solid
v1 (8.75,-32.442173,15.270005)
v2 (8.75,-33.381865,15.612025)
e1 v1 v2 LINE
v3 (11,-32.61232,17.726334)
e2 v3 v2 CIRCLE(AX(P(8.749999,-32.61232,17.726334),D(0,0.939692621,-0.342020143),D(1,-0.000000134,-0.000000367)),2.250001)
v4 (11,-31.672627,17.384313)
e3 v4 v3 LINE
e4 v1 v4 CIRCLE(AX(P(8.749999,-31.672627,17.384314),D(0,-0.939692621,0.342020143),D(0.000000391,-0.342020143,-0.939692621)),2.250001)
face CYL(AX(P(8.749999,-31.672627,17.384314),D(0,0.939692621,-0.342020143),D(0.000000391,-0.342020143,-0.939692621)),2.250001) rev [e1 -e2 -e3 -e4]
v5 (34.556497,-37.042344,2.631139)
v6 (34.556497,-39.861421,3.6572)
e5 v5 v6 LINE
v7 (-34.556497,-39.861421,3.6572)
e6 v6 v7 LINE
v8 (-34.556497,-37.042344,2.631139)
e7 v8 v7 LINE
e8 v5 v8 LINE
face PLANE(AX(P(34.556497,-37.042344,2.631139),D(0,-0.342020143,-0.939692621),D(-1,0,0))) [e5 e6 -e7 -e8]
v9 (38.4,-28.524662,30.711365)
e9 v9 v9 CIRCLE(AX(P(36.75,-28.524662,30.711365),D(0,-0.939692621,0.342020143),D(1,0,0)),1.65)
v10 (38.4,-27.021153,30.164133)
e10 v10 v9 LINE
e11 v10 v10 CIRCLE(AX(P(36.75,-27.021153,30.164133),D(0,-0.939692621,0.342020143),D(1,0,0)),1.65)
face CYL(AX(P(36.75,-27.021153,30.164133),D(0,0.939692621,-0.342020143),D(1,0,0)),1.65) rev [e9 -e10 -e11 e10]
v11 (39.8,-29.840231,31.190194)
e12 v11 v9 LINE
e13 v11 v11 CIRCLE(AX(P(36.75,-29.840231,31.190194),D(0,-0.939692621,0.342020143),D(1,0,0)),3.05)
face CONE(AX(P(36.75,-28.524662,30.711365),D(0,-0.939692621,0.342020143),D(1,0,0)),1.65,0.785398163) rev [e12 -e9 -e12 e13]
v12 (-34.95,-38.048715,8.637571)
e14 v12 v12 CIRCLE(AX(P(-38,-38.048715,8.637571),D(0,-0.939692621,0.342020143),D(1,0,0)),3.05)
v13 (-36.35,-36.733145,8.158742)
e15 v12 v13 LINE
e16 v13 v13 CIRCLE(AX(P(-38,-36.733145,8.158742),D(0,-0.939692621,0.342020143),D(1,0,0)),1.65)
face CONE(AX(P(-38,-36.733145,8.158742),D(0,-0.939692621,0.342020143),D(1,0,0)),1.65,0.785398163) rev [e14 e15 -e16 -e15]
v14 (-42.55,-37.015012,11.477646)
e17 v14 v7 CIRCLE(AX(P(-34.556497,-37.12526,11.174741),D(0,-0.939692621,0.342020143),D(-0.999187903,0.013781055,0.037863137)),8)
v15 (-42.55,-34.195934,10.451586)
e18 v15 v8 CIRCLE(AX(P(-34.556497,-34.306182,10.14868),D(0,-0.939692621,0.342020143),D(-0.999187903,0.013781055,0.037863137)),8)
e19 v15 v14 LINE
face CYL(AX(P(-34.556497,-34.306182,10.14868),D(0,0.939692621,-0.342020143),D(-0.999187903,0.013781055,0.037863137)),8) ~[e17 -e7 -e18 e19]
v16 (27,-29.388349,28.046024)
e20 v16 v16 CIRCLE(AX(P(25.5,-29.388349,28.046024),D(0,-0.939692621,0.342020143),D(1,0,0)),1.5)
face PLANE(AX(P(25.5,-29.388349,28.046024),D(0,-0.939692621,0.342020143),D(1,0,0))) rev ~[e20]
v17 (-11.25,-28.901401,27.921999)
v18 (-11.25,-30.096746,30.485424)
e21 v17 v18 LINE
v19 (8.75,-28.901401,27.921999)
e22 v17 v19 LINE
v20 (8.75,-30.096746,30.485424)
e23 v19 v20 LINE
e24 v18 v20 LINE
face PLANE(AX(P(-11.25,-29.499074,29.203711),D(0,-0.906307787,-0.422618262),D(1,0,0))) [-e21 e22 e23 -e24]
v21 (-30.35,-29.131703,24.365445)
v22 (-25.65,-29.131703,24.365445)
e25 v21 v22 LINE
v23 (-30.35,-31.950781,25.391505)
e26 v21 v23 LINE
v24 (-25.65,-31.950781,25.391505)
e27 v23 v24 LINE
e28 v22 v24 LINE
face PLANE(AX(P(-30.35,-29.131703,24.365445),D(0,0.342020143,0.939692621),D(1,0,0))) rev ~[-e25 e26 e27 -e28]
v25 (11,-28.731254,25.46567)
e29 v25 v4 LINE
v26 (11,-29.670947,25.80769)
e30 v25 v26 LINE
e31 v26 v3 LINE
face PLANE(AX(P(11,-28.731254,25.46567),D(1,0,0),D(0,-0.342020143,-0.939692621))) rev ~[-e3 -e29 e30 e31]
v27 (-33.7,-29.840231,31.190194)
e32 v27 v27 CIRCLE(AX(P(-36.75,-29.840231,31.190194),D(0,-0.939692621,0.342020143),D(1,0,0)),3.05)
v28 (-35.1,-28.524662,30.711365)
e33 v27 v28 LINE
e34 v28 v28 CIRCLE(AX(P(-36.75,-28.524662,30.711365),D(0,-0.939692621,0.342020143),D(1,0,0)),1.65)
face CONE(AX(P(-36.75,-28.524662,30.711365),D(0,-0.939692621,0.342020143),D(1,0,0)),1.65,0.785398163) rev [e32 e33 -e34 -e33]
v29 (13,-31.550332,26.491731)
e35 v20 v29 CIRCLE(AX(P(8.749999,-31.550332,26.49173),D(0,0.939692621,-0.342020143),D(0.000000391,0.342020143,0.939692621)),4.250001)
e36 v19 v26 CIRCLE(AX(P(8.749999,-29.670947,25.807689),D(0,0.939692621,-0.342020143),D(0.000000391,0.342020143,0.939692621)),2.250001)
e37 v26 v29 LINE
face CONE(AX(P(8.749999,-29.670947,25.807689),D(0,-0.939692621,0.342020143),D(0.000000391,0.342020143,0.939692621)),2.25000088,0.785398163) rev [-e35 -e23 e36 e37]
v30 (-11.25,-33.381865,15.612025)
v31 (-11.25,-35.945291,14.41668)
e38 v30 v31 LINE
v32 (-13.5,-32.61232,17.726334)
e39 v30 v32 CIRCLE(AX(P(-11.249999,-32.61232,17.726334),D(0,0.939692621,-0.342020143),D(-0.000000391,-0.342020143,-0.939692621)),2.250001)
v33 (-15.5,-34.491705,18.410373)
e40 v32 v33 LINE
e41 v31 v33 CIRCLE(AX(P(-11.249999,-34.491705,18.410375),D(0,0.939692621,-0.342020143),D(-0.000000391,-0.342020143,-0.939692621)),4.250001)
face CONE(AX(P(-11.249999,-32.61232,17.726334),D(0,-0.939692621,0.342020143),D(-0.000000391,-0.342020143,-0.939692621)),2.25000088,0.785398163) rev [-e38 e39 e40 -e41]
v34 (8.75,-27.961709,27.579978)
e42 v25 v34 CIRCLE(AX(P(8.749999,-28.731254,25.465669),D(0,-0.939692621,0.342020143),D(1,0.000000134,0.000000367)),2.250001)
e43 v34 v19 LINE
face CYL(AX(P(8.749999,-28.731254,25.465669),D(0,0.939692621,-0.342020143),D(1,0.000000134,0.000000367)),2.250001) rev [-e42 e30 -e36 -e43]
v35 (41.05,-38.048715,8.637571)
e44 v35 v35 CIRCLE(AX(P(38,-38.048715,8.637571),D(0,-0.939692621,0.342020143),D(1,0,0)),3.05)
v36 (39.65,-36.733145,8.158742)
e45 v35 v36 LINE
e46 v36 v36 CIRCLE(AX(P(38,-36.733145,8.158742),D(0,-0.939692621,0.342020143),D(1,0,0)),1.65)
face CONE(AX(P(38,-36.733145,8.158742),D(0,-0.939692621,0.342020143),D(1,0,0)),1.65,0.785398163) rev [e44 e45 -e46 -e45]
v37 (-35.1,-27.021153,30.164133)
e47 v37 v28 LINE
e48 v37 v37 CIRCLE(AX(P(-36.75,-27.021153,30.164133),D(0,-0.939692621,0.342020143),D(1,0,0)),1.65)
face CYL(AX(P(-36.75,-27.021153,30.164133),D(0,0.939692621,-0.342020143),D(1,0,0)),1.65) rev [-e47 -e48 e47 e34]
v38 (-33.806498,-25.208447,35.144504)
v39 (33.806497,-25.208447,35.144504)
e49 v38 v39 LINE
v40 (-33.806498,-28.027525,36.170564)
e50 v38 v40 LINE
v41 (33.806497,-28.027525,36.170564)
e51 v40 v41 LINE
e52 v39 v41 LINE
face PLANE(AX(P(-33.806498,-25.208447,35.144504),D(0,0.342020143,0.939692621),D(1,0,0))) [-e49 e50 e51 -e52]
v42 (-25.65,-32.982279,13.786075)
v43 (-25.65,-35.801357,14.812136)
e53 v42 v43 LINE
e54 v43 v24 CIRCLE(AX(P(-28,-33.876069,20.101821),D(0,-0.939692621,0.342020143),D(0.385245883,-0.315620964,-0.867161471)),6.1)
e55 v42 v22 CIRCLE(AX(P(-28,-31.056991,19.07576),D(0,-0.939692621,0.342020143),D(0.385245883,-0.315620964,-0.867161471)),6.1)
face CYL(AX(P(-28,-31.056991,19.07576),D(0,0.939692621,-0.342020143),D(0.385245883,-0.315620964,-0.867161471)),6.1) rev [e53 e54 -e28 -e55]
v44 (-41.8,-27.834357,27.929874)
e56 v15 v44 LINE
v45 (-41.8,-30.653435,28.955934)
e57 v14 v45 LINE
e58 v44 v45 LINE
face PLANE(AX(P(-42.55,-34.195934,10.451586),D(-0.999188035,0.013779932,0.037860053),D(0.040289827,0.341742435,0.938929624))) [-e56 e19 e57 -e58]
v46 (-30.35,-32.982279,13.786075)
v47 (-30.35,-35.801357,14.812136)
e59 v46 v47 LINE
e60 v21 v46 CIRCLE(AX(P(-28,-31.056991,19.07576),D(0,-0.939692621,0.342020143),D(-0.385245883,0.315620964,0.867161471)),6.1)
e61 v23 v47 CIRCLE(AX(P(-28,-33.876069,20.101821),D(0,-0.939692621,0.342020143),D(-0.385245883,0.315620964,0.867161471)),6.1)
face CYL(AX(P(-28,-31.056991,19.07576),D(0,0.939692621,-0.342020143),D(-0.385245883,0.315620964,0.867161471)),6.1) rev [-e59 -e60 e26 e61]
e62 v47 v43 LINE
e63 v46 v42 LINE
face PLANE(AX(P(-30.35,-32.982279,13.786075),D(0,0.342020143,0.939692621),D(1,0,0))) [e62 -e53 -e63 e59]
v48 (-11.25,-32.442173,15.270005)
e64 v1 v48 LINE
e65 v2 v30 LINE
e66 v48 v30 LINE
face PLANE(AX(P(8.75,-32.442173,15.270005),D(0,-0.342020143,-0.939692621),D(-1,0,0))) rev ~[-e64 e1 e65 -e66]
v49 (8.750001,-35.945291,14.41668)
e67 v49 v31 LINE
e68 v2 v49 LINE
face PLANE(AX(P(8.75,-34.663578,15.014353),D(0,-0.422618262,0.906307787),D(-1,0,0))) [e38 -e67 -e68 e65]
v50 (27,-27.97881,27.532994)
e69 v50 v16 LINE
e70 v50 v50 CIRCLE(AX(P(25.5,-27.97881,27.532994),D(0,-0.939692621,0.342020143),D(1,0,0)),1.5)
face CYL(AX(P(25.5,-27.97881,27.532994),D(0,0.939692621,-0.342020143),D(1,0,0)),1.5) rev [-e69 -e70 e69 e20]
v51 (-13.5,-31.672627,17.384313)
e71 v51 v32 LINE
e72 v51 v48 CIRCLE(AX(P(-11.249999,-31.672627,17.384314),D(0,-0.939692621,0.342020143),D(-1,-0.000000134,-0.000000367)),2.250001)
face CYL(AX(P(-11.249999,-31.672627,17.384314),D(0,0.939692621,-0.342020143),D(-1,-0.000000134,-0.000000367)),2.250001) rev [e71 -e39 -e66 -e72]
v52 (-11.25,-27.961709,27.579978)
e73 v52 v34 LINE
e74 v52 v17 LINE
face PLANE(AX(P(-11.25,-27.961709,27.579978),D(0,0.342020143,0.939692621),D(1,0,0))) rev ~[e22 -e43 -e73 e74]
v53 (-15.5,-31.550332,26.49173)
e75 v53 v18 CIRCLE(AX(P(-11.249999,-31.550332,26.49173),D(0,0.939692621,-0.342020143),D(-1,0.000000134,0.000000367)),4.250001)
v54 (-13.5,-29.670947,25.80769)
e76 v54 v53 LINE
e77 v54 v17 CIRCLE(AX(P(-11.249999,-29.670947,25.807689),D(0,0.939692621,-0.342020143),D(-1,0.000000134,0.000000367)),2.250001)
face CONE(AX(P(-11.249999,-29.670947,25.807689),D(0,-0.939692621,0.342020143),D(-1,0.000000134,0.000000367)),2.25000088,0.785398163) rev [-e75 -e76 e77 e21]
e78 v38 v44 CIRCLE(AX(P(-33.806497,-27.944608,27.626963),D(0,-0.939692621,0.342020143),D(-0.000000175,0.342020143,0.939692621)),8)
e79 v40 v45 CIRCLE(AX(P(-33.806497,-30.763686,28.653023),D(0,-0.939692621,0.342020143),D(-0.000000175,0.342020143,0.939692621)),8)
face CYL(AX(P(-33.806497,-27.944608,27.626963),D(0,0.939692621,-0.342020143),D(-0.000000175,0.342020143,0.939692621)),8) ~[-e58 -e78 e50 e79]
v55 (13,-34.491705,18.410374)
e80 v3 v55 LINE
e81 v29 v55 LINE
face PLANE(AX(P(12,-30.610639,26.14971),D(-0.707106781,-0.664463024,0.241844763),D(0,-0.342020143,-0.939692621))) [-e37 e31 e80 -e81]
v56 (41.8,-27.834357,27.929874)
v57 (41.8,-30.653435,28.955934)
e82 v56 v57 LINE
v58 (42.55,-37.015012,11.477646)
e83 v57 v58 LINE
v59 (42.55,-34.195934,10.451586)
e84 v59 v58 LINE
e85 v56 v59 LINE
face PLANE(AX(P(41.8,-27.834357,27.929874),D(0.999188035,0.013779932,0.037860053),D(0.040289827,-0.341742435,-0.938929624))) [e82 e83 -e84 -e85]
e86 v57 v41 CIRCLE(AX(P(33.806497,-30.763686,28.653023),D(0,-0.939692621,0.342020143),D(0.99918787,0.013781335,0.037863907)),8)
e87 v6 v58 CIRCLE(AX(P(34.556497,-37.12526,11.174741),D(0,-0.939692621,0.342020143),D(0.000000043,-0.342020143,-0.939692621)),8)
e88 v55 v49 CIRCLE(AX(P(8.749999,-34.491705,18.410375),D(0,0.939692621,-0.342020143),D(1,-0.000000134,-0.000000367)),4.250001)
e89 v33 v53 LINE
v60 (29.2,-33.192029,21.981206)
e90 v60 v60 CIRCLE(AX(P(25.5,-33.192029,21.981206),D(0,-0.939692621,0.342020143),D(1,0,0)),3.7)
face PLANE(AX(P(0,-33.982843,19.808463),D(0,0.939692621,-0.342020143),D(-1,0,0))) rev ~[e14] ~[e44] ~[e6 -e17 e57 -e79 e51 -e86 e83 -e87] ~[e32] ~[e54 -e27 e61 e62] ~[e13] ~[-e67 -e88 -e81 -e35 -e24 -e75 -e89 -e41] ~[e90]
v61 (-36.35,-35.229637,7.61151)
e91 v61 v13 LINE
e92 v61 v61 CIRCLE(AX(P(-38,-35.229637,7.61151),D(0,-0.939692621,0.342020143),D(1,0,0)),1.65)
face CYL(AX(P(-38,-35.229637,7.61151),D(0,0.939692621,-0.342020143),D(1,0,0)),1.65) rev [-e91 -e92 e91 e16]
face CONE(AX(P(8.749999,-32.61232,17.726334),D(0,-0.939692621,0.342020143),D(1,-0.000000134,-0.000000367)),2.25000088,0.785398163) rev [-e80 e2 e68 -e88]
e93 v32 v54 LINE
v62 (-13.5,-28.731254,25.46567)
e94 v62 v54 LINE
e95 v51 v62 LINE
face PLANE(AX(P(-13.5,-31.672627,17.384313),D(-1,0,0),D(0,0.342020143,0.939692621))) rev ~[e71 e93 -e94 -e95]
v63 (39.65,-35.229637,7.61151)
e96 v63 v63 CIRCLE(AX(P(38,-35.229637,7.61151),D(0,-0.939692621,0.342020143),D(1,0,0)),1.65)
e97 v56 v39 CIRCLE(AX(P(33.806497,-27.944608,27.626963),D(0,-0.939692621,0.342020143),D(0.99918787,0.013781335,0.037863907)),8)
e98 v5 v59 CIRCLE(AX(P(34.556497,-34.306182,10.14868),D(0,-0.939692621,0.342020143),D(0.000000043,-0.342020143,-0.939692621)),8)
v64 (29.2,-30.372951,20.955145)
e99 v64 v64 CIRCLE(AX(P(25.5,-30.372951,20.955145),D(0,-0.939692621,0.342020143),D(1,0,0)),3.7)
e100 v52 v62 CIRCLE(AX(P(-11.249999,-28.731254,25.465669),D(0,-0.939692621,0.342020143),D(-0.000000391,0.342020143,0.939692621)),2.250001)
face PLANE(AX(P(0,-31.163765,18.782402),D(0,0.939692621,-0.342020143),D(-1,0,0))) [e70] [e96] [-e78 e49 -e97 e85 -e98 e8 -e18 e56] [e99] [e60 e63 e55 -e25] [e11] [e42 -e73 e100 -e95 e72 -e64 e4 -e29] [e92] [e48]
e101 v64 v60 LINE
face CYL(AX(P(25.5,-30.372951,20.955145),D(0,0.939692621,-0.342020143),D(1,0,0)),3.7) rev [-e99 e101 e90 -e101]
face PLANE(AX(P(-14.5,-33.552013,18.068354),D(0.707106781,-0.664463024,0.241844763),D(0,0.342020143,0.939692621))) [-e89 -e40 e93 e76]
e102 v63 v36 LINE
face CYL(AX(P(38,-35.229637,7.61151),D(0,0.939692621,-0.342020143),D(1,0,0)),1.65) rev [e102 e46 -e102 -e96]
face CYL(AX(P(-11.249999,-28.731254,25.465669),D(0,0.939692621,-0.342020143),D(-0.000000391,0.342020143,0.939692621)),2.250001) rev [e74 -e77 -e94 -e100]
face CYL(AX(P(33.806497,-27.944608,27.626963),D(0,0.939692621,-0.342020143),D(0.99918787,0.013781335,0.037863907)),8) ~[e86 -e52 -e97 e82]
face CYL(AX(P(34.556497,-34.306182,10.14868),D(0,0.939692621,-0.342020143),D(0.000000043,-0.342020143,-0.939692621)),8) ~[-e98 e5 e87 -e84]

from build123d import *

# Parameters (mm, degrees)
SKETCH033_R             = 1.65
SKETCH033_R_2           = 3.7
PAD001_DEPTH            = 3
CHAMFER001_SIZE         = 2
CHAMFER002_SIZE         = 1.4
SKETCH035_R             = 1.5
POCKET009_DEPTH         = 1.5
BODY005_PLACEMENT_ANGLE = 340


with BuildPart() as part:
    # Sketch033 → Pad001 (new body)
    with BuildSketch(Plane.XZ):
        with BuildLine():
            Line((-33.806498, 37.4), (33.806497, 37.4))
            ThreePointArc((41.8, 29.722351), (39.348211, 35.169697), (33.806497, 37.4))
            Line((41.8, 29.722351), (42.55, 11.122345))
            ThreePointArc((34.556497, 2.8), (40.326192, 5.258284), (42.55, 11.122345))
            Line((34.556497, 2.8), (-34.556497, 2.8))
            ThreePointArc((-42.55, 11.122345), (-40.326192, 5.258284), (-34.556497, 2.8))
            Line((-42.55, 11.122345), (-41.8, 29.722351))
            ThreePointArc((-33.806498, 37.4), (-39.348211, 35.169697), (-41.8, 29.722351))
        make_face()
        with Locations((-36.75, 32.1)):
            Circle(SKETCH033_R, mode=Mode.SUBTRACT)
        with Locations((36.75, 32.1)):
            Circle(SKETCH033_R, mode=Mode.SUBTRACT)
        with Locations((-38, 8.1)):
            Circle(SKETCH033_R, mode=Mode.SUBTRACT)
        with Locations((38, 8.1)):
            Circle(SKETCH033_R, mode=Mode.SUBTRACT)
        with Locations((25.5, 22.3)):
            Circle(SKETCH033_R_2, mode=Mode.SUBTRACT)
        with BuildLine():
            Line((-11.25, 29.35), (8.75, 29.35))
            ThreePointArc((11, 27.1), (10.34099, 28.69099), (8.75, 29.35))
            Line((11, 27.1), (11, 18.5))
            ThreePointArc((8.75, 16.25), (10.34099, 16.90901), (11, 18.5))
            Line((8.75, 16.25), (-11.25, 16.25))
            ThreePointArc((-13.5, 18.5), (-12.84099, 16.90901), (-11.25, 16.25))
            Line((-13.5, 18.5), (-13.5, 27.1))
            ThreePointArc((-11.25, 29.35), (-12.84099, 28.69099), (-13.5, 27.1))
        make_face(mode=Mode.SUBTRACT)
        with BuildLine():
            Line((-30.35, 25.929165), (-25.65, 25.929165))
            ThreePointArc((-25.65, 14.670835), (-21.9, 20.3), (-25.65, 25.929165))
            Line((-30.35, 14.670835), (-25.65, 14.670835))
            ThreePointArc((-30.35, 25.929165), (-34.1, 20.3), (-30.35, 14.670835))
        make_face(mode=Mode.SUBTRACT)
    extrude(amount=PAD001_DEPTH)

    # Chamfer001
    chamfer001_edges = [part.edges().sort_by_distance(p)[0] for p in [
        (-1.25, -3, 29.35),
    ]]
    chamfer(chamfer001_edges, length=CHAMFER001_SIZE)

    # Chamfer002
    chamfer002_edges = [part.edges().sort_by_distance(p)[0] for p in [
        (-38.4, -3, 32.1),
        (-39.65, -3, 8.1),
        (35.1, -3, 32.1),
        (36.35, -3, 8.1),
    ]]
    chamfer(chamfer002_edges, length=CHAMFER002_SIZE)

    # Sketch035 → Pocket009 (cut)
    with BuildSketch(Plane.XZ):
        with Locations((25.5, 29.3)):
            Circle(SKETCH035_R)
    extrude(amount=POCKET009_DEPTH, mode=Mode.SUBTRACT)


with BuildPart() as part_1:
    # Body005 placement: moved
    add(part.part.moved(Location((0, -38, 0))).rotate(Axis((0, -38, 0), (1, 0, 0)), BODY005_PLACEMENT_ANGLE))


solid = part_1.part
